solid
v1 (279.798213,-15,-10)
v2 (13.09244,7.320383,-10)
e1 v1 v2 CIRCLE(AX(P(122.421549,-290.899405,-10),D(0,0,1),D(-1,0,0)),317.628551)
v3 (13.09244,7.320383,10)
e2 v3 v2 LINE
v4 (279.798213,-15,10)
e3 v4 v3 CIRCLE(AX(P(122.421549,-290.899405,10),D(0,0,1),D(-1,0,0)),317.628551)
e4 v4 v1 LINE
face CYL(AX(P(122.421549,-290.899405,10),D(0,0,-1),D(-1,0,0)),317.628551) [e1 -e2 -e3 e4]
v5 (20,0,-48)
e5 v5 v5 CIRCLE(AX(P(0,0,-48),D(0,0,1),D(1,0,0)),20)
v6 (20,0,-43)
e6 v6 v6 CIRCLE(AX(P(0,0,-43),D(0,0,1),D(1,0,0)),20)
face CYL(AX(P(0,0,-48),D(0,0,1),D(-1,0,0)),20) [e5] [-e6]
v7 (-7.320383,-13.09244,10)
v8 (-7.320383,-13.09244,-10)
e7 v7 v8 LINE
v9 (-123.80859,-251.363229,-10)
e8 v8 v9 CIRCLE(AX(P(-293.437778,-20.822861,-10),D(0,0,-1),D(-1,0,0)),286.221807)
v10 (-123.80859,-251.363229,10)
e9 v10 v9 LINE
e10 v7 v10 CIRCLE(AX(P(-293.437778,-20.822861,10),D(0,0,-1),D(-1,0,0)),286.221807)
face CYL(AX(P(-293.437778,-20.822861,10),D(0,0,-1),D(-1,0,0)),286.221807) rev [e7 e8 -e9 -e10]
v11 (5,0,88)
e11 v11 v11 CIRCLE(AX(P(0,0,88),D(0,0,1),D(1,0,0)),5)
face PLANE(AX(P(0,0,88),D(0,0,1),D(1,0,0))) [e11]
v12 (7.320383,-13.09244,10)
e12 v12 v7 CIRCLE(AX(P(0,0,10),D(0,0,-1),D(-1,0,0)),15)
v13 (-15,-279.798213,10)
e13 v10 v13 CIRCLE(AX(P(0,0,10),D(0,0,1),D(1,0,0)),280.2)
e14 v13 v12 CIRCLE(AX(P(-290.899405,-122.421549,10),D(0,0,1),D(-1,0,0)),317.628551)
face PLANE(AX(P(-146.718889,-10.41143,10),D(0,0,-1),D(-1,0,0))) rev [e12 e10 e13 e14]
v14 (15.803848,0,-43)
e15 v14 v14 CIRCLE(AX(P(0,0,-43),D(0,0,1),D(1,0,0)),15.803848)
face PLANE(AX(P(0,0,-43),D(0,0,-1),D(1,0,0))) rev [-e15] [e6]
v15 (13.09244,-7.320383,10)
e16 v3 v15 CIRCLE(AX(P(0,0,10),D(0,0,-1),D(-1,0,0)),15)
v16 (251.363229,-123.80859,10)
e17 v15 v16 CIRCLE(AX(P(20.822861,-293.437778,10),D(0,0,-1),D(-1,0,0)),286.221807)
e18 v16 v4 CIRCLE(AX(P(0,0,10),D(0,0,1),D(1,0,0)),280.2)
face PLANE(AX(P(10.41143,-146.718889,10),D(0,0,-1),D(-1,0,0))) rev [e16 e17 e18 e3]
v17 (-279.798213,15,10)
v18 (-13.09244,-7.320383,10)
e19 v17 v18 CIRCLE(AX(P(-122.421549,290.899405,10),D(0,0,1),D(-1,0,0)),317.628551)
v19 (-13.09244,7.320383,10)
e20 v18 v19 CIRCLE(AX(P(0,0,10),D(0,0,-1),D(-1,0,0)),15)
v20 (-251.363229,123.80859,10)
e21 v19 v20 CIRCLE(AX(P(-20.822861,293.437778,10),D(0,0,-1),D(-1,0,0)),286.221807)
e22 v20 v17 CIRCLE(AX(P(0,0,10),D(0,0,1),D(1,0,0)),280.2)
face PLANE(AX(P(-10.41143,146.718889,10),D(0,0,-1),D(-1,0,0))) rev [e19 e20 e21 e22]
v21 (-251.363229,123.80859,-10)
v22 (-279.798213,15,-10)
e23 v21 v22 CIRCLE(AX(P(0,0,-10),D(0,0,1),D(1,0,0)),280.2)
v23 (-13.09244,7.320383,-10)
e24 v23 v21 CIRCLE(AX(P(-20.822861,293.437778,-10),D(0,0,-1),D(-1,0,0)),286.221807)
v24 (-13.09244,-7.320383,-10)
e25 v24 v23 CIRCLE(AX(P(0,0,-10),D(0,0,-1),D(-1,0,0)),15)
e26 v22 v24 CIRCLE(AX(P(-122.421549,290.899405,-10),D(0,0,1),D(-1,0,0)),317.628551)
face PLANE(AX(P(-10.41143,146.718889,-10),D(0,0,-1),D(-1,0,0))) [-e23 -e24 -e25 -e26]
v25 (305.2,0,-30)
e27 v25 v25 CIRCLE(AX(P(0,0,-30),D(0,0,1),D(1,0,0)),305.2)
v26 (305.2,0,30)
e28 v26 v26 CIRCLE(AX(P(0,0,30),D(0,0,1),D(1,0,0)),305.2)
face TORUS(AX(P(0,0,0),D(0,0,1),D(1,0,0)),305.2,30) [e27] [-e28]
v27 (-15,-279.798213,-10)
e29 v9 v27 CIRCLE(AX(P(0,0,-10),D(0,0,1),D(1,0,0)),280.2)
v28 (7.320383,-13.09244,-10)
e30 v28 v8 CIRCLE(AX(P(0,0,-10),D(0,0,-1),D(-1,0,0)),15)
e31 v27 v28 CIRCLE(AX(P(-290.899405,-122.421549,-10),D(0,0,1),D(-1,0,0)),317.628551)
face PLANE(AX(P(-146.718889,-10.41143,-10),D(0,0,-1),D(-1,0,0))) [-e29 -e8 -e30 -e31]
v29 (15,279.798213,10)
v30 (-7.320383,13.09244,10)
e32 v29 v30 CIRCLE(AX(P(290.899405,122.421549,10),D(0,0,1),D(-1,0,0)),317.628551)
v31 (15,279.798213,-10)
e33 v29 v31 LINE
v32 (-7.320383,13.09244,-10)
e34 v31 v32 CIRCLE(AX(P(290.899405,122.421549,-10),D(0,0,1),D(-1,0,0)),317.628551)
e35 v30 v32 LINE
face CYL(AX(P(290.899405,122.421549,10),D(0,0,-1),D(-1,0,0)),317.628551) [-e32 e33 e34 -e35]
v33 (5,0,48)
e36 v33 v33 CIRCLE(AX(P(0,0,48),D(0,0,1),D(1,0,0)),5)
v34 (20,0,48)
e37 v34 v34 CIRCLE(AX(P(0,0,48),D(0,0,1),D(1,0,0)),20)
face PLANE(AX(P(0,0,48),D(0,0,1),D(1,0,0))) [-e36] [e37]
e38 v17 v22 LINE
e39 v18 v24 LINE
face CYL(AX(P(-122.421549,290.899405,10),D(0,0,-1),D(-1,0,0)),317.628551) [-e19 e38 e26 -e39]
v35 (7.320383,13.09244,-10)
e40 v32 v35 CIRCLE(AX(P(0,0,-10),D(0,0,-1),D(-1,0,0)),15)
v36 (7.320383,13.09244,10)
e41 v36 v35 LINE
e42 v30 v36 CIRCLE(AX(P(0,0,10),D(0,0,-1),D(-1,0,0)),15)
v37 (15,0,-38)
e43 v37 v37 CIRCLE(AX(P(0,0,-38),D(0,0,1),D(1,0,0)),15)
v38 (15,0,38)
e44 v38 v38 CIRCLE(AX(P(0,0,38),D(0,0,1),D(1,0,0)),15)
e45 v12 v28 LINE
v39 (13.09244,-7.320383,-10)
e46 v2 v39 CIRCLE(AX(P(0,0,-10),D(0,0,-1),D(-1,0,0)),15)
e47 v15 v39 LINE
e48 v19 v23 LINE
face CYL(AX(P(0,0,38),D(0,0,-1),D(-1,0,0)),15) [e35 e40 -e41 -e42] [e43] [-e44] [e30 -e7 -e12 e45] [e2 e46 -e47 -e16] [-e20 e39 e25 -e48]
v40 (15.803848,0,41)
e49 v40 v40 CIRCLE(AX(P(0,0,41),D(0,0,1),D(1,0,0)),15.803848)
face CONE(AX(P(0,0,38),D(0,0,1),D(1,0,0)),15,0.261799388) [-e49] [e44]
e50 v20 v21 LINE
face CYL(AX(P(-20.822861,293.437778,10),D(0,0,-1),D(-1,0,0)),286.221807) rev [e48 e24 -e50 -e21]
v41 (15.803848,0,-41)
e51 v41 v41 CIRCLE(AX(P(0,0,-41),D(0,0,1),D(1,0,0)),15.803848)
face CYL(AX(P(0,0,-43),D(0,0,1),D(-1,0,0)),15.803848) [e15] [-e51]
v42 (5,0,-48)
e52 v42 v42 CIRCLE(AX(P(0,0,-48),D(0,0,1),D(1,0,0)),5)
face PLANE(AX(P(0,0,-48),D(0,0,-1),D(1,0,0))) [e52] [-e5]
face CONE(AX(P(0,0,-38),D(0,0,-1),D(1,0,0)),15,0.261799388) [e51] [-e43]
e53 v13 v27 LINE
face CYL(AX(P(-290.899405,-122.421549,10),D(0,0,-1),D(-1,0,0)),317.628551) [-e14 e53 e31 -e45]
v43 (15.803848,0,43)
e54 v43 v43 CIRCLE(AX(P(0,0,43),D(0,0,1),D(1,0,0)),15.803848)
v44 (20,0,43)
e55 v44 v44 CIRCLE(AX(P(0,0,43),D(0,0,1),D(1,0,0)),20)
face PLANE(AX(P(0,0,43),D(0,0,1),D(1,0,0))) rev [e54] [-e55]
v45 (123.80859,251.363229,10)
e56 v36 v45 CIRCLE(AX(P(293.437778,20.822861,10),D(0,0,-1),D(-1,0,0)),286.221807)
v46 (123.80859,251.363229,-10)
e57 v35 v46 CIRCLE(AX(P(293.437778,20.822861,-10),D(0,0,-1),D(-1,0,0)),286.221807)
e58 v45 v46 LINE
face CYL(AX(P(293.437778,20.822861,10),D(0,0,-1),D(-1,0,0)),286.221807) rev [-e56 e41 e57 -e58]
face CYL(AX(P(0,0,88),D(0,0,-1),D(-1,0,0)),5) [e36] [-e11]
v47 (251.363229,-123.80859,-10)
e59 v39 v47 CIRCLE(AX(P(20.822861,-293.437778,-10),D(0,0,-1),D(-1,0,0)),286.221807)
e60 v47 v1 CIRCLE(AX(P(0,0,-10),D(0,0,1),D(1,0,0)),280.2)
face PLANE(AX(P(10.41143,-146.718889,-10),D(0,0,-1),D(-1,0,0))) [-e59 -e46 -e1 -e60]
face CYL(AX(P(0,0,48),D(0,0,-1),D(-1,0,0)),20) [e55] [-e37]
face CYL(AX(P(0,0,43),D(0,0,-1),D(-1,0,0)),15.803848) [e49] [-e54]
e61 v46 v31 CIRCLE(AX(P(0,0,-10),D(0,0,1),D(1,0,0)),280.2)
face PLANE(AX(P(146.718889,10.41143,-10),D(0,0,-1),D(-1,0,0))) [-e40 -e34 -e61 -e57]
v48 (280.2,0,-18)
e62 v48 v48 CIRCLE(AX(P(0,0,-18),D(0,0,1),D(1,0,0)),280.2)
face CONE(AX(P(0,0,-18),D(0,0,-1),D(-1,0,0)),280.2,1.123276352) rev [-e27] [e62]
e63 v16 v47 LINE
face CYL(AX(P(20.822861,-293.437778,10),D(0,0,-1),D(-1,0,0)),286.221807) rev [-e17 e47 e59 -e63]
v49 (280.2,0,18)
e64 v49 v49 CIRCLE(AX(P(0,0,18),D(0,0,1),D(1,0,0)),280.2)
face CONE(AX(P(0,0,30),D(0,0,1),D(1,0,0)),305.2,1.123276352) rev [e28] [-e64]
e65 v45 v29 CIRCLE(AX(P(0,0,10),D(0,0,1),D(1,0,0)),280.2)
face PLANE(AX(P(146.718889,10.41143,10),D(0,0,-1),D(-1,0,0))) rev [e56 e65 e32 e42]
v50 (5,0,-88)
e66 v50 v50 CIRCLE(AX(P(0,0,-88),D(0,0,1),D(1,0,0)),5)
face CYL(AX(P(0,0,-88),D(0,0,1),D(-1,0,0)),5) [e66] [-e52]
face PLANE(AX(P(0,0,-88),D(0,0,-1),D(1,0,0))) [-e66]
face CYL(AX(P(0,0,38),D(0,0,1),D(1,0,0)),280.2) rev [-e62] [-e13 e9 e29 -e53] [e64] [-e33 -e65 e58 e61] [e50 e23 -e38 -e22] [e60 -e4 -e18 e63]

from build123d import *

# Parameters (mm, degrees)
SKETCH1_R            = 15
BOSS_EXTRUDE1_DEPTH  = 38
SKETCH2_R            = 15
BOSS_EXTRUDE2_DEPTH  = 3
BOSS_EXTRUDE2_DRAFT  = -15
SKETCH3_R            = 15.803847577
BOSS_EXTRUDE3_DEPTH  = 2
SKETCH4_R            = 20
BOSS_EXTRUDE4_DEPTH  = 5
SKETCH5_R            = 5
BOSS_EXTRUDE5_DEPTH  = 40
BOSS_EXTRUDE14_DEPTH = 10


with BuildPart() as part:
    # Sketch1 → Boss-Extrude1 (new body)
    with BuildSketch(Plane.XY):
        Circle(SKETCH1_R)
    extrude(amount=BOSS_EXTRUDE1_DEPTH)


with BuildPart() as boss_extrude2_tool:
    # Sketch2 → Boss-Extrude2 (with draft: the straight prism first)
    with BuildSketch(Plane.XY.offset(38)):
        Circle(SKETCH2_R)
    extrude(amount=BOSS_EXTRUDE2_DEPTH)
    # Boss-Extrude2: the draft: its side faces are tilted about the plane it starts from
    boss_extrude2_sides = [boss_extrude2_tool.faces().sort_by_distance(p)[0] for p in [
        (-15, 0, 39.5),
    ]]
    draft(boss_extrude2_sides, Plane.XY.offset(38), BOSS_EXTRUDE2_DRAFT)


with BuildPart() as part_1:
    add(part.part)

    # Boss-Extrude2: add boss_extrude2_tool
    add(boss_extrude2_tool.part)

    # Sketch3 → Boss-Extrude3 (add)
    with BuildSketch(Plane.XY.offset(41)):
        Circle(SKETCH3_R)
    extrude(amount=BOSS_EXTRUDE3_DEPTH)

    # Sketch4 → Boss-Extrude4 (add)
    with BuildSketch(Plane.XY.offset(43)):
        Circle(SKETCH4_R)
    extrude(amount=BOSS_EXTRUDE4_DEPTH)

    # Sketch5 → Boss-Extrude5 (add)
    with BuildSketch(Plane.XY.offset(48)):
        Circle(SKETCH5_R)
    extrude(amount=BOSS_EXTRUDE5_DEPTH)

    # Mirror1: part across plane


with BuildPart() as part_2:
    add(part_1.part)
    add(part_1.part.mirror(Plane.XY))



with BuildPart() as body_2:
    # Sketch6 → Revolve1 (revolve)
    with BuildSketch(Plane(origin=(0, 0, 0), x_dir=(0, 0, -1), z_dir=(1, 0, 0)), mode=Mode.PRIVATE) as revolve1_sk:
        Polygon((-30, 305.2), (30, 305.2), (18, 280.2), (-18, 280.2), align=None)
    revolve(revolve1_sk.sketch.rotate(Axis((0, 0, 38), (0, 0, -1)), 90), axis=Axis((0, 0, 38), (0, 0, -1)))


with BuildPart() as part_3:
    add(part_2.part)

    add(body_2.part)  # Boss-Extrude14 merges body 2
    # Sketch7 → Boss-Extrude14 (add, symmetric)
    with BuildSketch(Plane.XY):
        with BuildLine():
            ThreePointArc((-7.320383178, 13.09244019), (-25.622638941, 148.911014187), (15, 279.798213004))
            ThreePointArc((15, 279.798213004), (70.845559028, 271.0958258), (123.808589933, 251.363229329))
            ThreePointArc((123.808589933, 251.363229329), (36.300695478, 146.53460966), (7.320383178, 13.09244019))
            ThreePointArc((7.320383178, 13.09244019), (0, 15), (-7.320383178, 13.09244019))
        make_face()
        with BuildLine():
            ThreePointArc((13.09244019, 7.320383178), (148.911014187, 25.622638941), (279.798213004, -15))
            ThreePointArc((279.798213004, -15), (271.0958258, -70.845559028), (251.363229329, -123.808589933))
            ThreePointArc((251.363229329, -123.808589933), (146.53460966, -36.300695478), (13.09244019, -7.320383178))
            ThreePointArc((13.09244019, -7.320383178), (15, 0), (13.09244019, 7.320383178))
        make_face()
        with BuildLine():
            ThreePointArc((7.320383178, -13.09244019), (25.622638941, -148.911014187), (-15, -279.798213004))
            ThreePointArc((-15, -279.798213004), (-70.845559028, -271.0958258), (-123.808589933, -251.363229329))
            ThreePointArc((-123.808589933, -251.363229329), (-36.300695478, -146.53460966), (-7.320383178, -13.09244019))
            ThreePointArc((-7.320383178, -13.09244019), (0, -15), (7.320383178, -13.09244019))
        make_face()
        with BuildLine():
            ThreePointArc((-13.09244019, -7.320383178), (-148.911014187, -25.622638941), (-279.798213004, 15))
            ThreePointArc((-279.798213004, 15), (-271.0958258, 70.845559028), (-251.363229329, 123.808589933))
            ThreePointArc((-251.363229329, 123.808589933), (-146.53460966, 36.300695478), (-13.09244019, 7.320383178))
            ThreePointArc((-13.09244019, 7.320383178), (-15, 0), (-13.09244019, -7.320383178))
        make_face()
    extrude(amount=BOSS_EXTRUDE14_DEPTH, both=True)

    # Sketch8 → Revolve2 (revolve)
    with BuildSketch(Plane(origin=(0, 0, 0), x_dir=(1, 0, 0), z_dir=(0, 1, 0))):
        with BuildLine():
            Line((305.2, 30), (305.2, -30))
            ThreePointArc((305.2, -30), (335.2, 0), (305.2, 30))
        make_face()
    revolve(axis=Axis((0, 0, 38), (0, 0, -1)))


solid = part_3.part
